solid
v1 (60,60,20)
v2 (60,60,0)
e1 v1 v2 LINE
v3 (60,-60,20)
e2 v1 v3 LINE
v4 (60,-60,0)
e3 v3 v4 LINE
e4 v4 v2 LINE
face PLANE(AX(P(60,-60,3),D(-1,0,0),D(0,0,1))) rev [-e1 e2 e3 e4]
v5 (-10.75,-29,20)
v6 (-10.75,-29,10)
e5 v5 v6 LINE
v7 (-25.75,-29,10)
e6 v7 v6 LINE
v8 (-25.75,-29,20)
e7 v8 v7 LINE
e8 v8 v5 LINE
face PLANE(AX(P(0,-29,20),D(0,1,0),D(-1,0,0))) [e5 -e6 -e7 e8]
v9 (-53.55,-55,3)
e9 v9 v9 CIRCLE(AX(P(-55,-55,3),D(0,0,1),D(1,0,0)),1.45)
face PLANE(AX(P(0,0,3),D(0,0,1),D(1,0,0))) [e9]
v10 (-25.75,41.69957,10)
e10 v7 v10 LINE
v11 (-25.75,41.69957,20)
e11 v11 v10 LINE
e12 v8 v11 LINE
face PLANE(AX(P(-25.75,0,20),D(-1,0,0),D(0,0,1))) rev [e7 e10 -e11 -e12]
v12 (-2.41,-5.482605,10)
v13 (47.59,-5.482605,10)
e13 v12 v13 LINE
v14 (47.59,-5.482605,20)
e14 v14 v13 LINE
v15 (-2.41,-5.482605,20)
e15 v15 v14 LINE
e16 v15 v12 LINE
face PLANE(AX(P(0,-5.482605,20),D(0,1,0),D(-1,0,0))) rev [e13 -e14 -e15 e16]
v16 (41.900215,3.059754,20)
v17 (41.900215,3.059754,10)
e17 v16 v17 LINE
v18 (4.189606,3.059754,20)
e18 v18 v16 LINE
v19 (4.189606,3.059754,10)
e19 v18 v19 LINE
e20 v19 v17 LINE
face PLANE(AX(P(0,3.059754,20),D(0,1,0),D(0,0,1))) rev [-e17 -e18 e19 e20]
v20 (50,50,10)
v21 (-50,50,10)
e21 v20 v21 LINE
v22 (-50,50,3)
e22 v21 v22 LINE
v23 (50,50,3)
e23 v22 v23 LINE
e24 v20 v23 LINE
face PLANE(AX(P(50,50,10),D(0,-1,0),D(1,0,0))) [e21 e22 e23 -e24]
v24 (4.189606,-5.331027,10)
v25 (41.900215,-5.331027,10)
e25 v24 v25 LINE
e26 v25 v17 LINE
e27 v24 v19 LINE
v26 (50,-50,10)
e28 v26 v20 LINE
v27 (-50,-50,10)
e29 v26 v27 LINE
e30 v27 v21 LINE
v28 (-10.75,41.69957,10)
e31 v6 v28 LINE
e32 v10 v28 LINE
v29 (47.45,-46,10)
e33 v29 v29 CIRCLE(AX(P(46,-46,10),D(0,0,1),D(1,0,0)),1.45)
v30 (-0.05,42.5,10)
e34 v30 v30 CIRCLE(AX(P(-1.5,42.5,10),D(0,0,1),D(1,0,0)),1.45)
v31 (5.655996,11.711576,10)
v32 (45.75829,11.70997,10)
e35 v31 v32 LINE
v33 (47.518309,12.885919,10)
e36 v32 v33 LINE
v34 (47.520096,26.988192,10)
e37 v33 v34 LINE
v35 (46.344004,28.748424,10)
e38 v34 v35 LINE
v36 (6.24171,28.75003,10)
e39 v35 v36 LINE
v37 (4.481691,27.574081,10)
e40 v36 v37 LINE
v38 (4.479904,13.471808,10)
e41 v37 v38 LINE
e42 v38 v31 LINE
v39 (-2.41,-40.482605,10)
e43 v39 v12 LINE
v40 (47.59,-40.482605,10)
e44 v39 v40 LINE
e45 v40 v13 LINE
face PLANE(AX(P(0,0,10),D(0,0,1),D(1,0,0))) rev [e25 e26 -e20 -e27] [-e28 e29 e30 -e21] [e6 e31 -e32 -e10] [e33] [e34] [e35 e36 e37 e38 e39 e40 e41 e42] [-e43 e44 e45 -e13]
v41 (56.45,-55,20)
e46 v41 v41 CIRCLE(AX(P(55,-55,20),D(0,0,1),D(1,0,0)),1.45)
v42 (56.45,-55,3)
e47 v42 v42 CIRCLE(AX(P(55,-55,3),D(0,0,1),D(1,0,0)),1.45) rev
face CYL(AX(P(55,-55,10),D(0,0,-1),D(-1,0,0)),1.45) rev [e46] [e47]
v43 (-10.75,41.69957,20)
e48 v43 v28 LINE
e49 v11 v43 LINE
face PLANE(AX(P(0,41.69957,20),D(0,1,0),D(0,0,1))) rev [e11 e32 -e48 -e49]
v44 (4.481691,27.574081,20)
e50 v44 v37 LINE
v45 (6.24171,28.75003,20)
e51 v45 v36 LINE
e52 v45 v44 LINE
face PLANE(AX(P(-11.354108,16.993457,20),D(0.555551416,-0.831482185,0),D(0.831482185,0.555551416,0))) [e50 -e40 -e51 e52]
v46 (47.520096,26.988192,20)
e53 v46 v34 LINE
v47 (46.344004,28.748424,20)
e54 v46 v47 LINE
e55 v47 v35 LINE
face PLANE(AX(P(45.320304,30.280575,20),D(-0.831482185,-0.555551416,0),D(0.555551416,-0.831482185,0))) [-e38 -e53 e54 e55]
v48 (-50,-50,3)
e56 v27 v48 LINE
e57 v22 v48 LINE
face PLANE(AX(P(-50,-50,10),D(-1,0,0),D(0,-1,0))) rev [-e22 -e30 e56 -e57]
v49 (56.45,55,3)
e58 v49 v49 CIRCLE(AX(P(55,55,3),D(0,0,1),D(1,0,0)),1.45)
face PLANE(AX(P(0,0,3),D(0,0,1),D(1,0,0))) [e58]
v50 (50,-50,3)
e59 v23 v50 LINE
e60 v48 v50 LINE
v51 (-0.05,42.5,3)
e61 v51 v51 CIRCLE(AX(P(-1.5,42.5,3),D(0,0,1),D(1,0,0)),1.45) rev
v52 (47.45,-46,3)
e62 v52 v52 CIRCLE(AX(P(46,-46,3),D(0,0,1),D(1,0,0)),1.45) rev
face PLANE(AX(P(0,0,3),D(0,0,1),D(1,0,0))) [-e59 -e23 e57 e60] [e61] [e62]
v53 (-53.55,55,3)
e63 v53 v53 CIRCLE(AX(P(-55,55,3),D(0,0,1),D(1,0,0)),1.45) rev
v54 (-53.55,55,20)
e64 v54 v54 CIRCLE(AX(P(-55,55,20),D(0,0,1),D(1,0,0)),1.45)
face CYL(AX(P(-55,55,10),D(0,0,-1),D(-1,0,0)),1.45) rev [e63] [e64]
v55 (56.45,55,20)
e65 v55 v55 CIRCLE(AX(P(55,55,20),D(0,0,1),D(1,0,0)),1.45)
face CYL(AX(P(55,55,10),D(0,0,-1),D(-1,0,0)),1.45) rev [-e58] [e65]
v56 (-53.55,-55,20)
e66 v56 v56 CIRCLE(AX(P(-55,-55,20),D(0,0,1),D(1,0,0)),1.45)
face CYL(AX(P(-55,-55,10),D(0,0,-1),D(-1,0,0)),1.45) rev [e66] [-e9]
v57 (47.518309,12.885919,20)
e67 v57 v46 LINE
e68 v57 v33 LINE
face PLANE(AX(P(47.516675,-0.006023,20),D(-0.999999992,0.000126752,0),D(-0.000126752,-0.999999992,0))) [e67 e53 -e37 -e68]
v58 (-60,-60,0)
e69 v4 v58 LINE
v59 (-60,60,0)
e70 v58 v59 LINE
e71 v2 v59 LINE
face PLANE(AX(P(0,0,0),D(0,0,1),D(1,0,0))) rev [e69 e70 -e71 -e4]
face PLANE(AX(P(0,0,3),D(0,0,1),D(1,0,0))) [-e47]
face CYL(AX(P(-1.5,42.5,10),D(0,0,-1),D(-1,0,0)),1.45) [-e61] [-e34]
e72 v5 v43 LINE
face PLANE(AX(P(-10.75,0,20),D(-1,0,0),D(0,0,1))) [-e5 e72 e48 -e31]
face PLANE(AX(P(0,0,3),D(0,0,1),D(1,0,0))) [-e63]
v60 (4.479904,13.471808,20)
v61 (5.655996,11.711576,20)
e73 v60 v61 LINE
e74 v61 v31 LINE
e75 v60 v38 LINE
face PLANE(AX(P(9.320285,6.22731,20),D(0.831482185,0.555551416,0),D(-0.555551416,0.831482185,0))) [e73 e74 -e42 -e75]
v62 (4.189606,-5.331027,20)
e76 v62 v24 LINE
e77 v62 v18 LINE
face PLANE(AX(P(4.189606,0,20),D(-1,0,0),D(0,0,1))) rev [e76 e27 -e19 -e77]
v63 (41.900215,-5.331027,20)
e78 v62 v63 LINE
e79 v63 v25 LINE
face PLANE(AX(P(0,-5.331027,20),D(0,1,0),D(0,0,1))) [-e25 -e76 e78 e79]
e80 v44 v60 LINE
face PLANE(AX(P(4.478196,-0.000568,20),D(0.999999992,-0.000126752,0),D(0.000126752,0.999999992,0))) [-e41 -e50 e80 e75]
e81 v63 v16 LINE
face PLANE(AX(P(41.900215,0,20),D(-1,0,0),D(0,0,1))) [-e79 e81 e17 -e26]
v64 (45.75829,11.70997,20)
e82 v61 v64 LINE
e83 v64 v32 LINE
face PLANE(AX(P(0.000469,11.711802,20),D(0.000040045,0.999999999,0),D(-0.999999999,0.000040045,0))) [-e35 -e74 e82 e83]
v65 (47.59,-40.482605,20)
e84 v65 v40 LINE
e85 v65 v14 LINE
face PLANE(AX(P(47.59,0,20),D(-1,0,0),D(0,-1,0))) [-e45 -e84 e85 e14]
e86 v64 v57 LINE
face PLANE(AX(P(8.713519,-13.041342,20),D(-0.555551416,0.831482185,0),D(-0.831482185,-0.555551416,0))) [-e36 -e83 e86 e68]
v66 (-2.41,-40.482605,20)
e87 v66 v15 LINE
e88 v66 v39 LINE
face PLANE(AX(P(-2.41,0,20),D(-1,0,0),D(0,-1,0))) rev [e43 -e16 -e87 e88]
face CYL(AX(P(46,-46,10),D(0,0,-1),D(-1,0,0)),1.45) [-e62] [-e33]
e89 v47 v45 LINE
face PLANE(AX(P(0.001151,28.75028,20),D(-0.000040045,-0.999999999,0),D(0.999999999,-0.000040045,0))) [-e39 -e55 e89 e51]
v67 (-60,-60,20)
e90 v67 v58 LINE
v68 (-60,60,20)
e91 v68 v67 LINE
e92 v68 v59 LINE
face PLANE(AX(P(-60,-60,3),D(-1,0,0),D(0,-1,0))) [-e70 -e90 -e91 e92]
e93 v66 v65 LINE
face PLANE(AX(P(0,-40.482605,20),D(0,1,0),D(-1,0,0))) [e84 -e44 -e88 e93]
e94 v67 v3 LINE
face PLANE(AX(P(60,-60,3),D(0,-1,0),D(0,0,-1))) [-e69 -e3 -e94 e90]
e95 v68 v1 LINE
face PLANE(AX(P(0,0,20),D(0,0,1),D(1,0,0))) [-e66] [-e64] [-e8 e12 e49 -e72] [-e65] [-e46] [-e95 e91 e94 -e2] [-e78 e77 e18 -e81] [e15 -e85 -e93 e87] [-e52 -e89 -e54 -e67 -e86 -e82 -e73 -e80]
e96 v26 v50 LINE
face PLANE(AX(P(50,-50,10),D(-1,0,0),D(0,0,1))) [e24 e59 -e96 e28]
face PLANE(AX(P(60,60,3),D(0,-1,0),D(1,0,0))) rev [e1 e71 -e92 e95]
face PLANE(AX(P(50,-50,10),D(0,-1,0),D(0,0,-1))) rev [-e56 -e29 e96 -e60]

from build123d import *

# Parameters (mm, degrees)
SKETCH1_W           = 120
SKETCH1_H           = 120
BOSS_EXTRUDE1_DEPTH = 3
SKETCH1_3_W         = 120
SKETCH1_3_H         = 120
SKETCH1_3_R         = 1.45
SKETCH1_3_W_2       = 100
SKETCH1_3_H_2       = 100
BOSS_EXTRUDE2_DEPTH = 10
BOSS_EXTRUDE3_START = 10
SKETCH5_W           = 120
SKETCH5_H           = 120
SKETCH5_R           = 1.45
SKETCH5_W_2         = 70.699570221
SKETCH5_H_2         = 15
SKETCH5_W_3         = 35
SKETCH5_H_3         = 50
SKETCH5_W_4         = 8.3907815
SKETCH5_H_4         = 37.710608616
BOSS_EXTRUDE3_DEPTH = 10


with BuildPart() as part:
    # Sketch1 → Boss-Extrude1 (new body)
    with BuildSketch(Plane(origin=(0, 0, 0), x_dir=(0, 1, 0), z_dir=(0, 0, 1))):
        Rectangle(SKETCH1_W, SKETCH1_H)
    extrude(amount=BOSS_EXTRUDE1_DEPTH)

    # Sketch1<3> → Boss-Extrude2 (add)
    # profile 1 of 3: a face of its own
    with BuildSketch(Plane(origin=(0, 0, 0), x_dir=(0, 1, 0), z_dir=(0, 0, 1))):
        Rectangle(SKETCH1_3_W, SKETCH1_3_H)
        with Locations(Location((-55, -55, 0), (0, 0, 270))):
            Circle(SKETCH1_3_R, mode=Mode.SUBTRACT)
        with Locations(Location((-55, 55, 0), (0, 0, 90))):
            Circle(SKETCH1_3_R, mode=Mode.SUBTRACT)
        with Locations(Location((55, -55, 0), (0, 0, 90))):
            Circle(SKETCH1_3_R, mode=Mode.SUBTRACT)
        with Locations(Location((55, 55, 0), (0, 0, 270))):
            Circle(SKETCH1_3_R, mode=Mode.SUBTRACT)
        Rectangle(SKETCH1_3_W_2, SKETCH1_3_H_2, mode=Mode.SUBTRACT)
    # profile 2 of 3: a face of its own
    with BuildSketch(Plane(origin=(0, 0, 0), x_dir=(0, 1, 0), z_dir=(0, 0, 1))):
        with Locations(Location((42.5, 1.5, 0), (0, 0, 270))):
            Circle(SKETCH1_3_R)
    # profile 3 of 3: a face of its own
    with BuildSketch(Plane(origin=(0, 0, 0), x_dir=(0, 1, 0), z_dir=(0, 0, 1))):
        with Locations(Location((-46, -46, 0), (0, 0, 270))):
            Circle(SKETCH1_3_R)
    extrude(amount=BOSS_EXTRUDE2_DEPTH)

    # Sketch5 → Boss-Extrude3 (add)
    with BuildSketch(Plane(origin=(0, 0, 0), x_dir=(0, 1, 0), z_dir=(0, 0, 1)).offset(BOSS_EXTRUDE3_START)):
        Rectangle(SKETCH5_W, SKETCH5_H)
        with Locations(Location((-55, -55, 0), (0, 0, 270))):
            Circle(SKETCH5_R, mode=Mode.SUBTRACT)
        with Locations(Location((-55, 55, 0), (0, 0, 270))):
            Circle(SKETCH5_R, mode=Mode.SUBTRACT)
        with Locations(Location((55, -55, 0), (0, 0, 270))):
            Circle(SKETCH5_R, mode=Mode.SUBTRACT)
        with Locations(Location((55, 55, 0), (0, 0, 270))):
            Circle(SKETCH5_R, mode=Mode.SUBTRACT)
        with Locations((6.34978511, 18.25)):
            Rectangle(SKETCH5_W_2, SKETCH5_H_2, mode=Mode.SUBTRACT)
        with Locations((-22.982605132, -22.59)):
            Rectangle(SKETCH5_W_3, SKETCH5_H_3, mode=Mode.SUBTRACT)
        with Locations((-1.13563625, -23.044910308)):
            Rectangle(SKETCH5_W_4, SKETCH5_H_4, mode=Mode.SUBTRACT)
        Polygon((27.574081379, -4.481691375), (28.750030367, -6.241709633), (28.748424488, -46.344003965), (26.988191952, -47.520096123), (12.885918621, -47.518308625), (11.709969633, -45.758290367), (11.711575511, -5.655996035), (13.471808048, -4.479903877), align=None, mode=Mode.SUBTRACT)
    extrude(amount=BOSS_EXTRUDE3_DEPTH)


solid = part.part
